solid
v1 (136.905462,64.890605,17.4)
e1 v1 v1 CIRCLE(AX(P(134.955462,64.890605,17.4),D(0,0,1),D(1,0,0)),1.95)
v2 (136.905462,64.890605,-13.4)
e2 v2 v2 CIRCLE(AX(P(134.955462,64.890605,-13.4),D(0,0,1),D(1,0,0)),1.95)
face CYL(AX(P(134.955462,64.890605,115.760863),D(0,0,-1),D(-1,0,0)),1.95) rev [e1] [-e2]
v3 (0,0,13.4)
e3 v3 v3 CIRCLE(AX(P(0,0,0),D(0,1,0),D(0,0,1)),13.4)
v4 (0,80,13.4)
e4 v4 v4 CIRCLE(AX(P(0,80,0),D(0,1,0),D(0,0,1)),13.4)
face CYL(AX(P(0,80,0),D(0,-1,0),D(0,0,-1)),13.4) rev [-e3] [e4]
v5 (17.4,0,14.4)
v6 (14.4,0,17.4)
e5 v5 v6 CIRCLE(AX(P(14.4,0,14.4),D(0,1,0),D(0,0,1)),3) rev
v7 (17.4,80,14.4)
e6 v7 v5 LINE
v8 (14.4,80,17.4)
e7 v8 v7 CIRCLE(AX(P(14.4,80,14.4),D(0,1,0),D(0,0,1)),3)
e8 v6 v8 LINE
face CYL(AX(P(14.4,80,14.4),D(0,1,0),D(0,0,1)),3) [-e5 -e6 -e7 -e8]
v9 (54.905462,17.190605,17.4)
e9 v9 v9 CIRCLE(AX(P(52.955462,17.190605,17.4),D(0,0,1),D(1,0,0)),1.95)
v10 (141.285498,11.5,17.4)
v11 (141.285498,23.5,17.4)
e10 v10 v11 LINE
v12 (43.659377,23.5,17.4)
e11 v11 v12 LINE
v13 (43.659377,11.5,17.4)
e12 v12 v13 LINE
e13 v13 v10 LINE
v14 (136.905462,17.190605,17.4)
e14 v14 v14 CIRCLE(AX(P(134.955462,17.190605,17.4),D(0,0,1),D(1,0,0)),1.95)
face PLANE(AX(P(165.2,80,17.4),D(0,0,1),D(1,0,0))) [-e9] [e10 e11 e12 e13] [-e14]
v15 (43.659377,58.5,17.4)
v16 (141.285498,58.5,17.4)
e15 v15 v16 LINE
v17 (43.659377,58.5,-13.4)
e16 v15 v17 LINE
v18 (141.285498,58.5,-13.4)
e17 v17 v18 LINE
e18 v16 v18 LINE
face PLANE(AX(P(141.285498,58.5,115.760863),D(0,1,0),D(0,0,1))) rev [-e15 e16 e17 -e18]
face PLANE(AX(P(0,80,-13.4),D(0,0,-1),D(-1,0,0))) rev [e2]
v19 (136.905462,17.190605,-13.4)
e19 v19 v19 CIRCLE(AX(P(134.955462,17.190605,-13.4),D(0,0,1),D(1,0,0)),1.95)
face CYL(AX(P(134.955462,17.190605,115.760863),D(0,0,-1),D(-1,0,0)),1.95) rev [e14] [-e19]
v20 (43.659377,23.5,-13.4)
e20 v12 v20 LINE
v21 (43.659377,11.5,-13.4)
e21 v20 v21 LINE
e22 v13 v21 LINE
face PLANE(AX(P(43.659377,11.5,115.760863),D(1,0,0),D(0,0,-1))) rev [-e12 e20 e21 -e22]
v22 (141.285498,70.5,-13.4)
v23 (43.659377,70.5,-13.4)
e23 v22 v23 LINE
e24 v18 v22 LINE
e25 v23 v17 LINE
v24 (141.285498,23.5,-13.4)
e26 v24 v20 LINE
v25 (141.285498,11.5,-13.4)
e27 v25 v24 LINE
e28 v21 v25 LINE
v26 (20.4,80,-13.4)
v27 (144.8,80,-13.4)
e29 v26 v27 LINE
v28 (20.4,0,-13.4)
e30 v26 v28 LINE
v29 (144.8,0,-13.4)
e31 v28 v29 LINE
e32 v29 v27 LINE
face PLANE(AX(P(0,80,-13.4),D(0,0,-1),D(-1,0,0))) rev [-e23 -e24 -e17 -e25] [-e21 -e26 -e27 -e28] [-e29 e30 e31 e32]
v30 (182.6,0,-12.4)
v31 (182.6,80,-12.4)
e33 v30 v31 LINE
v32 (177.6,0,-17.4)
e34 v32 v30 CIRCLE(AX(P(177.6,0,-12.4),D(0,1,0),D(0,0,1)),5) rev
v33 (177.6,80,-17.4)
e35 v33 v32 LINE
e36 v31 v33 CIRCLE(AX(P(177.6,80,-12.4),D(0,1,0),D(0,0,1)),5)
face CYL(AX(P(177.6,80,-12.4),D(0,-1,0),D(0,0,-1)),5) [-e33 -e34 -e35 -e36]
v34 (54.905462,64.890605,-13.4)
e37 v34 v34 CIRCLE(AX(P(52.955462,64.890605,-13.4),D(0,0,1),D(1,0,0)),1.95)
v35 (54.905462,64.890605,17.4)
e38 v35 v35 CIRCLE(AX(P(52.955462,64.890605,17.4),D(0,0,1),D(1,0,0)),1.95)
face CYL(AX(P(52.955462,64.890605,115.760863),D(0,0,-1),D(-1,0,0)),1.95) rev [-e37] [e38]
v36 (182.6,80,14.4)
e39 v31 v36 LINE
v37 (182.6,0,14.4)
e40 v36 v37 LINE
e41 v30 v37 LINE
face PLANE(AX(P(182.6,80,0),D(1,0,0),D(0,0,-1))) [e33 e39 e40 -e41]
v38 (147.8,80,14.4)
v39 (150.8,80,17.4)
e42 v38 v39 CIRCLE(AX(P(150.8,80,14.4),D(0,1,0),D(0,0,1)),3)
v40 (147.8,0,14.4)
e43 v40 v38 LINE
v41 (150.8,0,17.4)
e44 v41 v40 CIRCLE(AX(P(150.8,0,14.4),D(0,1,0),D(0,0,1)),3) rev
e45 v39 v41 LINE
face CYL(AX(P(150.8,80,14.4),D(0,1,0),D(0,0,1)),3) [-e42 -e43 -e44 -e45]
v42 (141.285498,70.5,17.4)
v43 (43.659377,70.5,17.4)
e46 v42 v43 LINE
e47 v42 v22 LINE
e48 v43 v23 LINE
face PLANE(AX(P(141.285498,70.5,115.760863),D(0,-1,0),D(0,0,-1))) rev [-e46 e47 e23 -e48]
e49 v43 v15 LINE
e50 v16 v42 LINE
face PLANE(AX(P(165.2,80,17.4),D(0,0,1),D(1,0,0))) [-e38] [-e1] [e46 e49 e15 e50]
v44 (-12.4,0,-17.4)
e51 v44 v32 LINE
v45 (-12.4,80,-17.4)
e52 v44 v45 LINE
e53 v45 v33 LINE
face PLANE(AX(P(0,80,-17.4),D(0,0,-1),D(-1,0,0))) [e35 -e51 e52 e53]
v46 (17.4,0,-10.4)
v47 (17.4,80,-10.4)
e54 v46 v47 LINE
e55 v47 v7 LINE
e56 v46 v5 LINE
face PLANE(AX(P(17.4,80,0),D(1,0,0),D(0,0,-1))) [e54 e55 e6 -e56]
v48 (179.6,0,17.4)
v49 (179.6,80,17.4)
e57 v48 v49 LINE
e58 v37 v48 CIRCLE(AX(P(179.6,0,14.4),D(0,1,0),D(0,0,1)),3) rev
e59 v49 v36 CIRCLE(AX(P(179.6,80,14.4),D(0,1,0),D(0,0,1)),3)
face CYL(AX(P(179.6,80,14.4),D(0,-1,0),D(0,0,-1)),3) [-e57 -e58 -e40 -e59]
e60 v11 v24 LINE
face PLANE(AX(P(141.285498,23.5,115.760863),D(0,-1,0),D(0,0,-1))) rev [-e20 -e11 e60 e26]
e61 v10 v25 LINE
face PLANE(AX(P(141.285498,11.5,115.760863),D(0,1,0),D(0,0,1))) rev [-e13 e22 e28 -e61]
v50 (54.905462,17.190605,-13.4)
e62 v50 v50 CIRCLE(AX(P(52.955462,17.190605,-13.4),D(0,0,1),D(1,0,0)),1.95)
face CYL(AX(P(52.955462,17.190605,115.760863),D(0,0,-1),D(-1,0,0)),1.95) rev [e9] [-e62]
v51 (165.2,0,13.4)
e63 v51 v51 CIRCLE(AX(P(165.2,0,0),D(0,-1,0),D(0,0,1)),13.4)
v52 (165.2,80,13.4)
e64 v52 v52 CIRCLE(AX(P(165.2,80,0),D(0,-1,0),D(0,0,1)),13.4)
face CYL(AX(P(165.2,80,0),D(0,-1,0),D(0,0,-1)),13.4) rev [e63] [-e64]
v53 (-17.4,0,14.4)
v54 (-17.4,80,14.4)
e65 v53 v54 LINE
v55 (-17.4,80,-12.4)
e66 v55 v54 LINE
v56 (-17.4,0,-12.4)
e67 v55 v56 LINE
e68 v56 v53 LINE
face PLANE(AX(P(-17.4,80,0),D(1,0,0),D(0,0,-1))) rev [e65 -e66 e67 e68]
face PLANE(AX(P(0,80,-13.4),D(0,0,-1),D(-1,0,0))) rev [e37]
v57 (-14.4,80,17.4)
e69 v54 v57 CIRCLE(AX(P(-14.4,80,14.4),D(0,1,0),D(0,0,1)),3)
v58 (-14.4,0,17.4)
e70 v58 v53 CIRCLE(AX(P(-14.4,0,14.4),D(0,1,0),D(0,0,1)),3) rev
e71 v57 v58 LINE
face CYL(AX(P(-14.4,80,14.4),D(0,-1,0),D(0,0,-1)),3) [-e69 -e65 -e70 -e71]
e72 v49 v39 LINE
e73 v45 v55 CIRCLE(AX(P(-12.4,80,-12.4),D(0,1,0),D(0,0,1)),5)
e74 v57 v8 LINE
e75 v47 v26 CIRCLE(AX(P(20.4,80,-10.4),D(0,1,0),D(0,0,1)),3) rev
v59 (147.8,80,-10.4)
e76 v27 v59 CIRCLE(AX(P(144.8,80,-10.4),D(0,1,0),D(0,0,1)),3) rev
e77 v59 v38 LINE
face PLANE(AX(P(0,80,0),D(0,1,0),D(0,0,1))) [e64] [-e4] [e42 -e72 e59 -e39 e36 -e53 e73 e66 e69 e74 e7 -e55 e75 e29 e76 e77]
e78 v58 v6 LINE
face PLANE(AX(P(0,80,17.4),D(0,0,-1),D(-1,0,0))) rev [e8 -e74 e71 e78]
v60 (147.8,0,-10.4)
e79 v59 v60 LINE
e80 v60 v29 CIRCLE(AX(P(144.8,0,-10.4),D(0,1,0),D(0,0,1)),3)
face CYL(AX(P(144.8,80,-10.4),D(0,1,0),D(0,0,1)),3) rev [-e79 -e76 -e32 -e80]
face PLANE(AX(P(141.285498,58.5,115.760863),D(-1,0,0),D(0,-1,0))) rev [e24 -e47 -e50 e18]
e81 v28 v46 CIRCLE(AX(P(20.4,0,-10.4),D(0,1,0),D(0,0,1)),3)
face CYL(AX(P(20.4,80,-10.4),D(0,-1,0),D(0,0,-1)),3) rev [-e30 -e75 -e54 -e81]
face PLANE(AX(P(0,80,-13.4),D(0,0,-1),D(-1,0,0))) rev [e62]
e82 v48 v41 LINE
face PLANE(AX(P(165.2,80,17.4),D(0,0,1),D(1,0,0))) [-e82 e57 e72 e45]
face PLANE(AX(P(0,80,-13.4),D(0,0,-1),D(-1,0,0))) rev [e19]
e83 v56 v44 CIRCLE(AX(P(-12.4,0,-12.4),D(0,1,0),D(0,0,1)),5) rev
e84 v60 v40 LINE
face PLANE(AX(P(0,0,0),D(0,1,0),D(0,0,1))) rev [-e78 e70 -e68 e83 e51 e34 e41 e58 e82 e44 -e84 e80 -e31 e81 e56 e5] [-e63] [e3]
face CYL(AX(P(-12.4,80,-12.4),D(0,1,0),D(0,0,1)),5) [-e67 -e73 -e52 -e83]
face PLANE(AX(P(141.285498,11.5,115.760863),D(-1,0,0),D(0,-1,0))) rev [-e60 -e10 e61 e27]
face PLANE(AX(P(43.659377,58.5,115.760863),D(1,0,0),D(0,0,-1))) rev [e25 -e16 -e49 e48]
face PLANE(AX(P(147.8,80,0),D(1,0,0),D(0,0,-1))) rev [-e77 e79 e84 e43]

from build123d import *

# Parameters (mm, degrees)
SKETCH1_R           = 13.4
BOSS_EXTRUDE1_DEPTH = 80
FILLET1_R           = 5
FILLET2_R           = 3
FILLET3_R           = 3
SKETCH2_W           = 97.626120272
SKETCH2_H           = 12
SKETCH2_R           = 1.95
BOSS_EXTRUDE2_DEPTH = 30.8


with BuildPart() as part:
    # Sketch1 → Boss-Extrude1 (new body)
    with BuildSketch(Plane(origin=(0, 0, 0), x_dir=(1, 0, 0), z_dir=(0, 1, 0))):
        Polygon((-17.4, 17.4), (17.4, 17.4), (82.6, 17.4), (82.6, 13.4), (17.4, 13.4), (17.4, -17.4), (-17.4, -17.4), align=None)
        with Locations(Location((0, 0, 0), (0, 0, 270))):
            Circle(SKETCH1_R, mode=Mode.SUBTRACT)
    boss_extrude1 = extrude(amount=BOSS_EXTRUDE1_DEPTH)

    # Mirror3: Boss-Extrude1 across plane
    add(boss_extrude1.mirror(Plane(origin=(82.6, 80, 0), x_dir=(0, 0, 1), z_dir=(1, 0, 0))))

    # Fillet1
    fillet1_edges = [part.edges().sort_by_distance(p)[0] for p in [
        (-17.4, 40, -17.4),
        (182.6, 40, -17.4),
    ]]
    fillet(fillet1_edges, radius=FILLET1_R)

    # Fillet2
    fillet2_edges = [part.edges().sort_by_distance(p)[0] for p in [
        (17.4, 40, 17.4),
        (-17.4, 40, 17.4),
        (147.8, 40, 17.4),
        (182.6, 40, 17.4),
    ]]
    fillet(fillet2_edges, radius=FILLET2_R)

    # Fillet3
    fillet3_edges = [part.edges().sort_by_distance(p)[0] for p in [
        (17.4, 40, -13.4),
        (147.8, 40, -13.4),
    ]]
    fillet(fillet3_edges, radius=FILLET3_R)

    # Sketch2 → Boss-Extrude2 (add)
    # profile 1 of 2: a face of its own
    with BuildSketch(Plane.XY.offset(-13.4)):
        with Locations((92.472437585, 17.5)):
            Rectangle(SKETCH2_W, SKETCH2_H)
        with Locations((52.955461896, 17.190605429)):
            Circle(SKETCH2_R, mode=Mode.SUBTRACT)
        with Locations((134.955461896, 17.190605429)):
            Circle(SKETCH2_R, mode=Mode.SUBTRACT)
    # profile 2 of 2: a face of its own
    with BuildSketch(Plane.XY.offset(-13.4)):
        with Locations((92.472437585, 64.5)):
            Rectangle(SKETCH2_W, SKETCH2_H)
        with Locations((52.955461896, 64.890605429)):
            Circle(SKETCH2_R, mode=Mode.SUBTRACT)
        with Locations((134.955461896, 64.890605429)):
            Circle(SKETCH2_R, mode=Mode.SUBTRACT)
    extrude(amount=BOSS_EXTRUDE2_DEPTH)


solid = part.part
